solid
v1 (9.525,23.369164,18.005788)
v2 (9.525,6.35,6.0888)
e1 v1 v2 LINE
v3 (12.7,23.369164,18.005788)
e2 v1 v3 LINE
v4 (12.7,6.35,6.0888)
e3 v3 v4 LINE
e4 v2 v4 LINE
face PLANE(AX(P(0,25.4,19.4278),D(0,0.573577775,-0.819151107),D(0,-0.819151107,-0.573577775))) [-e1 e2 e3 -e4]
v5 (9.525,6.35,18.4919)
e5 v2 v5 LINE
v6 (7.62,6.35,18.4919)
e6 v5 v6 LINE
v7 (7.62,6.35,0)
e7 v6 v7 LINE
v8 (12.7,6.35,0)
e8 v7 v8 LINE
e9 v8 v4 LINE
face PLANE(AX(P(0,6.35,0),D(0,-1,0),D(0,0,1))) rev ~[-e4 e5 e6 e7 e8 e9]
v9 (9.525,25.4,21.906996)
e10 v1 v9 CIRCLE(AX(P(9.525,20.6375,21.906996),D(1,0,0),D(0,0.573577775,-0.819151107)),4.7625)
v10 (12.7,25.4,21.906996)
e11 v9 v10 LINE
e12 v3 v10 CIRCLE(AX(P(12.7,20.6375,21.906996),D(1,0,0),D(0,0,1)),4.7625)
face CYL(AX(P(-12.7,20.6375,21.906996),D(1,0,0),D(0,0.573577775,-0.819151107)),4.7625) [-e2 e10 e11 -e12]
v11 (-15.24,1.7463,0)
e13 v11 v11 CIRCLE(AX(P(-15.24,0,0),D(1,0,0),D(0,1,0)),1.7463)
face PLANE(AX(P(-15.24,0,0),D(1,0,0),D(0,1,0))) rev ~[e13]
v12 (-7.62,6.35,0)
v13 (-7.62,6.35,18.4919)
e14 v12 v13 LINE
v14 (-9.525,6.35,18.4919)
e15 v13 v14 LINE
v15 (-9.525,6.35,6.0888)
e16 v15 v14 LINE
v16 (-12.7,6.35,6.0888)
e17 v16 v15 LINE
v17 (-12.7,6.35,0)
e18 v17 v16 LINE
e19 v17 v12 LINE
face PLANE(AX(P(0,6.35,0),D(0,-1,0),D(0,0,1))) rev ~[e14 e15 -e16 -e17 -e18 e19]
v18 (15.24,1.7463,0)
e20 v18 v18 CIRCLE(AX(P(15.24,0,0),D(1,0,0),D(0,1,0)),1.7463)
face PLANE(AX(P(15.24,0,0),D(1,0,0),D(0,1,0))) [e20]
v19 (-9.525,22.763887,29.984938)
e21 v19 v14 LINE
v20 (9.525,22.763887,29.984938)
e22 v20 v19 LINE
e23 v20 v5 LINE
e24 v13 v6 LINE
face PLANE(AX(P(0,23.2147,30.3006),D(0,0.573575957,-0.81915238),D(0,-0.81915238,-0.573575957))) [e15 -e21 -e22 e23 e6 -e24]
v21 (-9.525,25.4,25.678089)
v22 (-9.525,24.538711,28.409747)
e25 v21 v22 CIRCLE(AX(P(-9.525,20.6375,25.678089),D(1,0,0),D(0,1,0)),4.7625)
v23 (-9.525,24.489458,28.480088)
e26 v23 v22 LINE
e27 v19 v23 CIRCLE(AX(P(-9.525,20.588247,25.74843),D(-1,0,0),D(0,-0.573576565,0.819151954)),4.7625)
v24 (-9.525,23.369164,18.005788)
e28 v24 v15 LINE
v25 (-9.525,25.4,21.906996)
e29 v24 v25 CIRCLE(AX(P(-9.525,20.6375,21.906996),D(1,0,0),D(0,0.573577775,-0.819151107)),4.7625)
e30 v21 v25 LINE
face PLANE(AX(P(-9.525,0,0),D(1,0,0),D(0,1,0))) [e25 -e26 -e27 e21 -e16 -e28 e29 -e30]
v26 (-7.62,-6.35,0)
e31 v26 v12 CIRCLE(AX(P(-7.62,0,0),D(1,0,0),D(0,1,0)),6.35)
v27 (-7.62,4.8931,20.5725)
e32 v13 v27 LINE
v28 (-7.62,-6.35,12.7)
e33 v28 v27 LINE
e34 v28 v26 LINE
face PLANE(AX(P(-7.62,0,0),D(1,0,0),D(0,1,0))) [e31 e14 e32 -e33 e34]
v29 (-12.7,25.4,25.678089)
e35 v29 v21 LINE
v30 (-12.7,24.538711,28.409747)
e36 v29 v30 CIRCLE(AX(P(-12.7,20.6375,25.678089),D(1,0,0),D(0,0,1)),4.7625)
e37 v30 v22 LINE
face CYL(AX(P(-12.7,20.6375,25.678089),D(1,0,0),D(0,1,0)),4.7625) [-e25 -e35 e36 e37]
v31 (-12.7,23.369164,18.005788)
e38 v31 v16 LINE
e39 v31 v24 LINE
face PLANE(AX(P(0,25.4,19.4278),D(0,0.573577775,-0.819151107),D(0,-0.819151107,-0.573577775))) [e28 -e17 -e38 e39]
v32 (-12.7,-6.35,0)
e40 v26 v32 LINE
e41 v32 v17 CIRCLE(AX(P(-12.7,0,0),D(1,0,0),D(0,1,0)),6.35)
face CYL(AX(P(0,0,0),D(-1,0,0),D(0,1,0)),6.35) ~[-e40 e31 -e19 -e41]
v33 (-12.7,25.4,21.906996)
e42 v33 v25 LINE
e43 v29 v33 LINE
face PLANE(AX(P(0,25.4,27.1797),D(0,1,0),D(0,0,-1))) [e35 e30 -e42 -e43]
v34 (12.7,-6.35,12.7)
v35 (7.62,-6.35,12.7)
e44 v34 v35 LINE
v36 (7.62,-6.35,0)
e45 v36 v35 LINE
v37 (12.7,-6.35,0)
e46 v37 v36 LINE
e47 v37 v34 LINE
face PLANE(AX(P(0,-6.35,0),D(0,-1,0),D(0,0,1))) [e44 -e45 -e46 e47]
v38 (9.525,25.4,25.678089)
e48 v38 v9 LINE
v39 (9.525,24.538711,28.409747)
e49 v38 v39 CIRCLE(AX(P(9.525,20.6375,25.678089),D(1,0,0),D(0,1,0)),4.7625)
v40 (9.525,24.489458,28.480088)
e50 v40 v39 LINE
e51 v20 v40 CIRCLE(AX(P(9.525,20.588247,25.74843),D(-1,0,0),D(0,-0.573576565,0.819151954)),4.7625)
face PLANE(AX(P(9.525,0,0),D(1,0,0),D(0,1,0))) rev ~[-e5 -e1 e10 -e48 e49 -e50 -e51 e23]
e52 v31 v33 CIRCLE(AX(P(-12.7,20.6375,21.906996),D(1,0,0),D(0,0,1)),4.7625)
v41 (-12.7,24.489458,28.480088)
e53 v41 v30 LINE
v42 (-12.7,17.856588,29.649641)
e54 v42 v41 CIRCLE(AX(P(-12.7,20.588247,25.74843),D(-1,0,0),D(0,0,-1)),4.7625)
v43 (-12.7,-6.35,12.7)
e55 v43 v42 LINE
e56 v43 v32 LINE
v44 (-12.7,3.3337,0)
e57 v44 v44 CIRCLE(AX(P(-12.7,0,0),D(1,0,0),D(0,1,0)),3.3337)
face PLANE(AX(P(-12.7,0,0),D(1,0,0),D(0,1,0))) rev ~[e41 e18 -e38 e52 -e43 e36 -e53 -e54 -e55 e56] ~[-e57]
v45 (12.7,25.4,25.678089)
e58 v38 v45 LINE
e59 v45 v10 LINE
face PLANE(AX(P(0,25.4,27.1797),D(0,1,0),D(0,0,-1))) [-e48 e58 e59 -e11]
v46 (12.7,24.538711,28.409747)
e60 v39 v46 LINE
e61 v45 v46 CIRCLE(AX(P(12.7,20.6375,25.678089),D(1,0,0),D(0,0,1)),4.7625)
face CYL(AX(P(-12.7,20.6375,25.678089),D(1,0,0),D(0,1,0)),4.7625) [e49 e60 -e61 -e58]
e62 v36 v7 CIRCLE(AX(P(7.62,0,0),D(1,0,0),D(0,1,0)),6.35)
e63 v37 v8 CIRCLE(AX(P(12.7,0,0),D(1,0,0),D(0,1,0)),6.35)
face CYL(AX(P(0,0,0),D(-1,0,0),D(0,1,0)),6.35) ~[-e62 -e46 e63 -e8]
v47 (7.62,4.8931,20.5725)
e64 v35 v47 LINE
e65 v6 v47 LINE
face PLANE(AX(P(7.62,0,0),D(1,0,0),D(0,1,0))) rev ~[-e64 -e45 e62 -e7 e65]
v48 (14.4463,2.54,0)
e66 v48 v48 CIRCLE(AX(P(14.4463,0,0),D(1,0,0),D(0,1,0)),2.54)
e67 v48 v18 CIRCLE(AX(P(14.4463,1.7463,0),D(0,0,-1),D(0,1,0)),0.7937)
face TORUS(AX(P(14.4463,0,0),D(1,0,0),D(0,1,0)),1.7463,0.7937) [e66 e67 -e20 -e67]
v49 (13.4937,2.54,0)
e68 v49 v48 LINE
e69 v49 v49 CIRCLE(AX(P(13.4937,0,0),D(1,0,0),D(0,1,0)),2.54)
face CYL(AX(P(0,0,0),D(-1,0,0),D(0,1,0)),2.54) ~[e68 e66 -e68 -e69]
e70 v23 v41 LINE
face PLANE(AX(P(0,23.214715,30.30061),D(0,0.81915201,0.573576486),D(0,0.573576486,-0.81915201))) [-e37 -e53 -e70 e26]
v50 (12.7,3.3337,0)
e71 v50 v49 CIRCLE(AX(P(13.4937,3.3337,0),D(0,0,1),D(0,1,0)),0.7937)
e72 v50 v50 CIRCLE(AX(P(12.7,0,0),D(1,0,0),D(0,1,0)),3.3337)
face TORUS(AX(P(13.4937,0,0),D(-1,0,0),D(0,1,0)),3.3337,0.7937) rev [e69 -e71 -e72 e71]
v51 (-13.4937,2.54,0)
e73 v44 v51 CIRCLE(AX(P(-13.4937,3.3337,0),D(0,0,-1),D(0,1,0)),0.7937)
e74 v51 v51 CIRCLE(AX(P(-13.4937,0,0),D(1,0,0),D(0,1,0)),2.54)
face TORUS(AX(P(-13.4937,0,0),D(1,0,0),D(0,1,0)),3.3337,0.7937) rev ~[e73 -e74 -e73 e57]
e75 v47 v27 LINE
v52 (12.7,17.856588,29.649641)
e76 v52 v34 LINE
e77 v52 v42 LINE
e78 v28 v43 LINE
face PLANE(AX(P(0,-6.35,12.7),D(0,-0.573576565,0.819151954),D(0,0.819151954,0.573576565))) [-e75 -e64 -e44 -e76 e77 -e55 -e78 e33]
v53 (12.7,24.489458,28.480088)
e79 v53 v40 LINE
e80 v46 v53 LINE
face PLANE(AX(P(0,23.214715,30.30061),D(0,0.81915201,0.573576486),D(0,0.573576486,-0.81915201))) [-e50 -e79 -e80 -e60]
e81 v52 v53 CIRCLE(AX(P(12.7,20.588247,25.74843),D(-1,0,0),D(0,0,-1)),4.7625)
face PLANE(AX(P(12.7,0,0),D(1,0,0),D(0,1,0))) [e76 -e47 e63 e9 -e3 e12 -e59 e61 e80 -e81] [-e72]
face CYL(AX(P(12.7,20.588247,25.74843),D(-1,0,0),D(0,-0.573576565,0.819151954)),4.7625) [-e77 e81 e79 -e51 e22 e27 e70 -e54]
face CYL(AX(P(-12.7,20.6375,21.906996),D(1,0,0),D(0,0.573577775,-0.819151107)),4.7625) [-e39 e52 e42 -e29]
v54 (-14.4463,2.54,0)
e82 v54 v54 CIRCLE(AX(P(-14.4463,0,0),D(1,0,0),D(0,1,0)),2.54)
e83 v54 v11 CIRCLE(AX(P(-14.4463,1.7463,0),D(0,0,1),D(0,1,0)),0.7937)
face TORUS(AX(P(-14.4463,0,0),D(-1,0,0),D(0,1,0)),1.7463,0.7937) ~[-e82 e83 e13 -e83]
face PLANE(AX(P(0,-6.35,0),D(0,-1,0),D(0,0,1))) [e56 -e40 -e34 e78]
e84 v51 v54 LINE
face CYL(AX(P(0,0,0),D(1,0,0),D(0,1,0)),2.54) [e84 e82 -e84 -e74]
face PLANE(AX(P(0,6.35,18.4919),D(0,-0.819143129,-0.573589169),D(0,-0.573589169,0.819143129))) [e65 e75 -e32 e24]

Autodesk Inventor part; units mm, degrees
ref_plane "YZ Plane" through (0, 0, 0) normal (1, 0, 0) x (0, 1, 0)
ref_plane "XZ Plane" through (0, 0, 0) normal (0, 1, 0) x (-1, 0, 0)
ref_plane "XY Plane" through (0, 0, 0) normal (0, 0, 1) x (1, 0, 0)
sketch "Sketch1" plane through (0, 0, 0) normal (1, 0, 0) x (0, 1, 0)
  circle A0 centre (0, 0) radius 2.54
  circle A1 centre (0, 0) radius 6.35
  line L0 (-6.35, 0) -> (-6.35, 12.7)
  line L1 (-6.35, 12.7) -> (21.7578, 32.3813)
  line L2 (21.7578, 32.3813) -> (25.4, 27.1797)
  line L3 (25.4, 27.1797) -> (25.4, 19.4278)
  line L4 (25.4, 19.4278) -> (6.35, 6.0888)
  line L5 (6.35, 0) -> (6.35, 6.0888)
  line L6 (23.2147, 30.3006) -> (-6.35, 9.5992)
  line L7 (6.35, 0) -> (6.35, 18.4919)
  line L8 (6.35, 18.4919) -> (4.8931, 20.5725)
  dimension "d0" = 5.08
  dimension "d1" = 12.7
  dimension "d2" = 12.7
  dimension "d3" = 145
  dimension "d5" = 125
  dimension "d6" = 31.75
  dimension "d7" = 12.7
  dimension "d8" = 6.35
  dimension "d15" = 2.54
extrude "Extrusion1" add sketch "Sketch1" along normal mid plane 25.4
extrude "Extrusion2" add sketch "Sketch1" along normal mid plane 30.48 contours A0
fillet "Fillet1" radius 4.7625 3 edges at (0, 25.4, 27.1797) (0, 21.7578, 32.3813) (0, 25.4, 19.4278)
fillet "Fillet2" radius 0.7937 4 edges at (15.24, -2.54, 0) (12.7, -2.54, 0) (-15.24, -2.54, 0) (-12.7, -2.54, 0)
extrude "Extrusion3" cut sketch "Sketch1" along normal mid plane 19.05 contours L7 L6 L2 L3 L4
extrude "Extrusion4" cut sketch "Sketch1" along normal mid plane 15.24 contours A0 | A1 | A1 L0 L6 L7 L5 | L0 L1 L8 L6
equation "\"d8\" = 0.5 * d7"
properties part number "LegV3"
